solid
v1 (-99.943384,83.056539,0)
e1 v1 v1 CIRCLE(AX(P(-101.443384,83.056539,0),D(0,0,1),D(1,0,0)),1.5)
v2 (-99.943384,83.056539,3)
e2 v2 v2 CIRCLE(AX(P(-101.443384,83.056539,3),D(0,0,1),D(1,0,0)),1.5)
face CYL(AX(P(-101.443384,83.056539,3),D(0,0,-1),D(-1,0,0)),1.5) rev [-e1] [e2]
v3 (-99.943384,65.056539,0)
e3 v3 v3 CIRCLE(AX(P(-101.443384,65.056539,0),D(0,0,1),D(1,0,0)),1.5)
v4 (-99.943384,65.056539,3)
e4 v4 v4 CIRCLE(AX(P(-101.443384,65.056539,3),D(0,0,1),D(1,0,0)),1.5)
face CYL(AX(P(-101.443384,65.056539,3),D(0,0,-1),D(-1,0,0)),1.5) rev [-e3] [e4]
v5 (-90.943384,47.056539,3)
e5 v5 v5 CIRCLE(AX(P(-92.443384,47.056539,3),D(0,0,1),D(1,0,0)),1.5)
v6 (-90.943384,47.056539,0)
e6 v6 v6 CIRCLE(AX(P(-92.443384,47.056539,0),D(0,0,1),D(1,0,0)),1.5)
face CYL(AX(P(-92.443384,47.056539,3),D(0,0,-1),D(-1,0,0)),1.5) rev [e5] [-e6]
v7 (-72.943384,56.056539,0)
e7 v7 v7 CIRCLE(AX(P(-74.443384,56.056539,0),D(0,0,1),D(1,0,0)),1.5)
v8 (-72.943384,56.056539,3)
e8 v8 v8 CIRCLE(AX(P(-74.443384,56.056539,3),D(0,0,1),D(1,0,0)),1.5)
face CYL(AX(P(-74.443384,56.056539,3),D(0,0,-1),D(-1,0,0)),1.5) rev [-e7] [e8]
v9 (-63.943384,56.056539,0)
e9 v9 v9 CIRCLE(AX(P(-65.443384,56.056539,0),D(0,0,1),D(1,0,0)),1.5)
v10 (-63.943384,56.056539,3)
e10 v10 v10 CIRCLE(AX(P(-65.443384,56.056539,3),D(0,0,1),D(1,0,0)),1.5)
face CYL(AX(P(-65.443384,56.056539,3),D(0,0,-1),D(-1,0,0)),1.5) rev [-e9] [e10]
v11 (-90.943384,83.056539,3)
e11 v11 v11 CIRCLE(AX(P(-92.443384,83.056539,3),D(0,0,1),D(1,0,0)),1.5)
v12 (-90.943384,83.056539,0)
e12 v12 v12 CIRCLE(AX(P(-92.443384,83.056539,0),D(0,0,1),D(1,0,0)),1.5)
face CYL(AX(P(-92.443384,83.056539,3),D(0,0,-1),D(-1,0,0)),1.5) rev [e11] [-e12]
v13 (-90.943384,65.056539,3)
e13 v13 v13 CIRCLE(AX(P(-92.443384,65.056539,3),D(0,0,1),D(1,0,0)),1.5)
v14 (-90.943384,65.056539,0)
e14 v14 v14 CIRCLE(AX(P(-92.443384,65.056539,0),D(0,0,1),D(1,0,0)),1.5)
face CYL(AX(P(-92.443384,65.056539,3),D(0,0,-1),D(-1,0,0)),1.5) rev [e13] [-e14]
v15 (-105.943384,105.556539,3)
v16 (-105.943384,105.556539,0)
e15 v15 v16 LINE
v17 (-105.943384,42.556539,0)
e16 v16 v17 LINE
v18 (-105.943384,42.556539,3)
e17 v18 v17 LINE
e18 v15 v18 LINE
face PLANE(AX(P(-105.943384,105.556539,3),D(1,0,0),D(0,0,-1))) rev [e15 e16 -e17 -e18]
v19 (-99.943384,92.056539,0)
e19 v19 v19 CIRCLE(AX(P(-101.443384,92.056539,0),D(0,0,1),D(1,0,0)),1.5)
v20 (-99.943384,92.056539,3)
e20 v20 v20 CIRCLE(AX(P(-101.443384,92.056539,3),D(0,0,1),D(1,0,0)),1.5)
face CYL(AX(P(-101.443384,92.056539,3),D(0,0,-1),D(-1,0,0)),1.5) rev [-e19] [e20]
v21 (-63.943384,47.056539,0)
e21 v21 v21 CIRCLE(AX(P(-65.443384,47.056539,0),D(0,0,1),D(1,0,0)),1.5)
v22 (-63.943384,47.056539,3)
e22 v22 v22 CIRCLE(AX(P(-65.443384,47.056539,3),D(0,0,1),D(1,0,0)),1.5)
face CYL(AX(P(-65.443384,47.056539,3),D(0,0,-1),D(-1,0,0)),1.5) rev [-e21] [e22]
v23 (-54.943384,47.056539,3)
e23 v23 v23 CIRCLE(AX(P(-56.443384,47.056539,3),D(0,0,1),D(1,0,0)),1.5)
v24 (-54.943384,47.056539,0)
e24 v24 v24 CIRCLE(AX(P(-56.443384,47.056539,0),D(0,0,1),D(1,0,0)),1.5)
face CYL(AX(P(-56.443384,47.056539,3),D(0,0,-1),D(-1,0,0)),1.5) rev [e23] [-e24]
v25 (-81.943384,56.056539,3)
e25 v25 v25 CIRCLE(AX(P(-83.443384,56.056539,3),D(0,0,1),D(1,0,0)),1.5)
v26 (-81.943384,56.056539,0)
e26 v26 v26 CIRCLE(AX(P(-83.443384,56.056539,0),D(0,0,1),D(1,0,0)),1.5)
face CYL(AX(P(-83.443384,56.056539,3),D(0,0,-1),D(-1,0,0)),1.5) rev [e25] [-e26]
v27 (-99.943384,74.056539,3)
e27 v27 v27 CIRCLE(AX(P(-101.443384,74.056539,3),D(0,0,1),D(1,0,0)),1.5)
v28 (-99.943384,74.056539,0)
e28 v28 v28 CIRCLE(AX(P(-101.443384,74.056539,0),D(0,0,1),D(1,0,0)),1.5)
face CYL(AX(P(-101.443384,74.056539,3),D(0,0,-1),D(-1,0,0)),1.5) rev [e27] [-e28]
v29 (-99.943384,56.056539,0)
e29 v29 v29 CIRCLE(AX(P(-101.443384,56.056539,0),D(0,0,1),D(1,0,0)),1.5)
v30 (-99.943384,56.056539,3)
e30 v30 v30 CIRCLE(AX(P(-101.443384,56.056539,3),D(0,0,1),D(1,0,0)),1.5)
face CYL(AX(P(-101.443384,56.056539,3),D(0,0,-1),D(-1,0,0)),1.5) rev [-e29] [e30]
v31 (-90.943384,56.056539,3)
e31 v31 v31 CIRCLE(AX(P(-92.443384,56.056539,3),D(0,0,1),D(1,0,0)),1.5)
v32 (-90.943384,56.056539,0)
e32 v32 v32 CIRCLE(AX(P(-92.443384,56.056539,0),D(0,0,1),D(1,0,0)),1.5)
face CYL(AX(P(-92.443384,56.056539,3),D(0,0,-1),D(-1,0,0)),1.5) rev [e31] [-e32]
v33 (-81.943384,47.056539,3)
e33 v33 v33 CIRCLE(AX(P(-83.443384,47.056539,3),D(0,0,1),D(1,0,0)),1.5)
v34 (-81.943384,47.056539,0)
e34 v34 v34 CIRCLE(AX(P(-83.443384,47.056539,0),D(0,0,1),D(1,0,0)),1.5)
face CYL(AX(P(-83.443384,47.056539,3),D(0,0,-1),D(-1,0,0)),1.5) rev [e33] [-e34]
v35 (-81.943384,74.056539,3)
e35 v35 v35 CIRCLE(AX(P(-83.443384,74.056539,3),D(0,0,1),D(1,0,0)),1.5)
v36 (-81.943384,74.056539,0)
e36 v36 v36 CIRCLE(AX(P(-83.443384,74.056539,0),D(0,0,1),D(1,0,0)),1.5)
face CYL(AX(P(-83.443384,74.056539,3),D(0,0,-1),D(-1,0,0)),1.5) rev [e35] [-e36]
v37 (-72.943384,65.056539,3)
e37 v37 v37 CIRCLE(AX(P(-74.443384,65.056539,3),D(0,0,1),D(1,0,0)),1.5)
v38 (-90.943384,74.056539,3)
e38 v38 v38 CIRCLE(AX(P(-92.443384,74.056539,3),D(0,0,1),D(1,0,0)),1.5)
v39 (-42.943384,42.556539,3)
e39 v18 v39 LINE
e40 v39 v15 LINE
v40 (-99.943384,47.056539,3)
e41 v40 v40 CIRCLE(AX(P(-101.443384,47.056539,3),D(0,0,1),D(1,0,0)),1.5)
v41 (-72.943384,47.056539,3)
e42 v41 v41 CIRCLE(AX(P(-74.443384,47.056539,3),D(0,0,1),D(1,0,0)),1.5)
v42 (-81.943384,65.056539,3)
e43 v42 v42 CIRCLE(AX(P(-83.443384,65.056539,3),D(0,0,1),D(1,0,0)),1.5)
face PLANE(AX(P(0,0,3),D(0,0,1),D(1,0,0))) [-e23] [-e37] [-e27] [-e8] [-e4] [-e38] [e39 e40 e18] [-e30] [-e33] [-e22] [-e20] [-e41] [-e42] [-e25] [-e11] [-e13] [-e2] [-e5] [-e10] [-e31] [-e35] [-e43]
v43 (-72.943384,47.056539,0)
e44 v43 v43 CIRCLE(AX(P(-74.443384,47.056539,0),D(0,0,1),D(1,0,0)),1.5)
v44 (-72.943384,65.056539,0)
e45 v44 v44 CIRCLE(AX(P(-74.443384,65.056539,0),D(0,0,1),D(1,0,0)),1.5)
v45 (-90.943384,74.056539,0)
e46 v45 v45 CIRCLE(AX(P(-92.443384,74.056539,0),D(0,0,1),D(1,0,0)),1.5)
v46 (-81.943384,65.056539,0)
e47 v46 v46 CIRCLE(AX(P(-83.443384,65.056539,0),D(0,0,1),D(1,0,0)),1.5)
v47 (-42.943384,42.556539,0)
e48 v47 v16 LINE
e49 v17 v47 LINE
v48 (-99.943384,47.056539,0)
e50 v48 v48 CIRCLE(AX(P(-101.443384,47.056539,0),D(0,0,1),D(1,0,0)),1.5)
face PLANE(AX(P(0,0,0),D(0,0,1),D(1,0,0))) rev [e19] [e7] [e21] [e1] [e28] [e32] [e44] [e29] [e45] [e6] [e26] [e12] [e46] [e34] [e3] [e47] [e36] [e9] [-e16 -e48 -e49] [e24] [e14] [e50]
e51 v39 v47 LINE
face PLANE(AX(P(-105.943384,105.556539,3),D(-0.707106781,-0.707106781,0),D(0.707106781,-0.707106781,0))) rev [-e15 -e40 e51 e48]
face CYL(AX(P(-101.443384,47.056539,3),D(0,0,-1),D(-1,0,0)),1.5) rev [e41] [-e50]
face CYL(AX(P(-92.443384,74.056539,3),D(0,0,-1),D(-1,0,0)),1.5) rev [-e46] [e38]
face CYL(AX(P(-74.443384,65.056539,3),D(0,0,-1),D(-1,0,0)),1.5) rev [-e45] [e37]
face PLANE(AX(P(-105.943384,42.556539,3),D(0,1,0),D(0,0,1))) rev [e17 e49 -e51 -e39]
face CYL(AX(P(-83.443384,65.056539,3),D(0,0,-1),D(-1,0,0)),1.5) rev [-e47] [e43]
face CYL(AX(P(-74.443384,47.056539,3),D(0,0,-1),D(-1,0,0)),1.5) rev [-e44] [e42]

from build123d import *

# Parameters (mm, degrees)
MODEL_R                 = 1.5
SALIENTE_EXTRUIR1_DEPTH = 3


with BuildPart() as part:
    # Model → Saliente-Extruir1 (new body)
    with BuildSketch(Plane.XY):
        Polygon((-105.943383637, 105.556539338), (-105.943383637, 42.556539338), (-42.943383637, 42.556539338), align=None)
        with Locations((-101.443383637, 92.056539338)):
            Circle(MODEL_R, mode=Mode.SUBTRACT)
        with Locations((-101.443383637, 83.056539338)):
            Circle(MODEL_R, mode=Mode.SUBTRACT)
        with Locations((-92.443383637, 83.056539338)):
            Circle(MODEL_R, mode=Mode.SUBTRACT)
        with Locations((-101.443383637, 74.056539338)):
            Circle(MODEL_R, mode=Mode.SUBTRACT)
        with Locations((-92.443383637, 74.056539338)):
            Circle(MODEL_R, mode=Mode.SUBTRACT)
        with Locations((-83.443383637, 74.056539338)):
            Circle(MODEL_R, mode=Mode.SUBTRACT)
        with Locations((-101.443383637, 65.056539338)):
            Circle(MODEL_R, mode=Mode.SUBTRACT)
        with Locations((-92.443383637, 65.056539338)):
            Circle(MODEL_R, mode=Mode.SUBTRACT)
        with Locations((-83.443383637, 65.056539338)):
            Circle(MODEL_R, mode=Mode.SUBTRACT)
        with Locations((-74.443383637, 65.056539338)):
            Circle(MODEL_R, mode=Mode.SUBTRACT)
        with Locations((-101.443383637, 56.056539338)):
            Circle(MODEL_R, mode=Mode.SUBTRACT)
        with Locations((-92.443383637, 56.056539338)):
            Circle(MODEL_R, mode=Mode.SUBTRACT)
        with Locations((-83.443383637, 56.056539338)):
            Circle(MODEL_R, mode=Mode.SUBTRACT)
        with Locations((-74.443383637, 56.056539338)):
            Circle(MODEL_R, mode=Mode.SUBTRACT)
        with Locations((-65.443383637, 56.056539338)):
            Circle(MODEL_R, mode=Mode.SUBTRACT)
        with Locations((-101.443383637, 47.056539338)):
            Circle(MODEL_R, mode=Mode.SUBTRACT)
        with Locations((-92.443383637, 47.056539338)):
            Circle(MODEL_R, mode=Mode.SUBTRACT)
        with Locations((-83.443383637, 47.056539338)):
            Circle(MODEL_R, mode=Mode.SUBTRACT)
        with Locations((-74.443383637, 47.056539338)):
            Circle(MODEL_R, mode=Mode.SUBTRACT)
        with Locations((-65.443383637, 47.056539338)):
            Circle(MODEL_R, mode=Mode.SUBTRACT)
        with Locations((-56.443383637, 47.056539338)):
            Circle(MODEL_R, mode=Mode.SUBTRACT)
    extrude(amount=SALIENTE_EXTRUIR1_DEPTH)


solid = part.part
